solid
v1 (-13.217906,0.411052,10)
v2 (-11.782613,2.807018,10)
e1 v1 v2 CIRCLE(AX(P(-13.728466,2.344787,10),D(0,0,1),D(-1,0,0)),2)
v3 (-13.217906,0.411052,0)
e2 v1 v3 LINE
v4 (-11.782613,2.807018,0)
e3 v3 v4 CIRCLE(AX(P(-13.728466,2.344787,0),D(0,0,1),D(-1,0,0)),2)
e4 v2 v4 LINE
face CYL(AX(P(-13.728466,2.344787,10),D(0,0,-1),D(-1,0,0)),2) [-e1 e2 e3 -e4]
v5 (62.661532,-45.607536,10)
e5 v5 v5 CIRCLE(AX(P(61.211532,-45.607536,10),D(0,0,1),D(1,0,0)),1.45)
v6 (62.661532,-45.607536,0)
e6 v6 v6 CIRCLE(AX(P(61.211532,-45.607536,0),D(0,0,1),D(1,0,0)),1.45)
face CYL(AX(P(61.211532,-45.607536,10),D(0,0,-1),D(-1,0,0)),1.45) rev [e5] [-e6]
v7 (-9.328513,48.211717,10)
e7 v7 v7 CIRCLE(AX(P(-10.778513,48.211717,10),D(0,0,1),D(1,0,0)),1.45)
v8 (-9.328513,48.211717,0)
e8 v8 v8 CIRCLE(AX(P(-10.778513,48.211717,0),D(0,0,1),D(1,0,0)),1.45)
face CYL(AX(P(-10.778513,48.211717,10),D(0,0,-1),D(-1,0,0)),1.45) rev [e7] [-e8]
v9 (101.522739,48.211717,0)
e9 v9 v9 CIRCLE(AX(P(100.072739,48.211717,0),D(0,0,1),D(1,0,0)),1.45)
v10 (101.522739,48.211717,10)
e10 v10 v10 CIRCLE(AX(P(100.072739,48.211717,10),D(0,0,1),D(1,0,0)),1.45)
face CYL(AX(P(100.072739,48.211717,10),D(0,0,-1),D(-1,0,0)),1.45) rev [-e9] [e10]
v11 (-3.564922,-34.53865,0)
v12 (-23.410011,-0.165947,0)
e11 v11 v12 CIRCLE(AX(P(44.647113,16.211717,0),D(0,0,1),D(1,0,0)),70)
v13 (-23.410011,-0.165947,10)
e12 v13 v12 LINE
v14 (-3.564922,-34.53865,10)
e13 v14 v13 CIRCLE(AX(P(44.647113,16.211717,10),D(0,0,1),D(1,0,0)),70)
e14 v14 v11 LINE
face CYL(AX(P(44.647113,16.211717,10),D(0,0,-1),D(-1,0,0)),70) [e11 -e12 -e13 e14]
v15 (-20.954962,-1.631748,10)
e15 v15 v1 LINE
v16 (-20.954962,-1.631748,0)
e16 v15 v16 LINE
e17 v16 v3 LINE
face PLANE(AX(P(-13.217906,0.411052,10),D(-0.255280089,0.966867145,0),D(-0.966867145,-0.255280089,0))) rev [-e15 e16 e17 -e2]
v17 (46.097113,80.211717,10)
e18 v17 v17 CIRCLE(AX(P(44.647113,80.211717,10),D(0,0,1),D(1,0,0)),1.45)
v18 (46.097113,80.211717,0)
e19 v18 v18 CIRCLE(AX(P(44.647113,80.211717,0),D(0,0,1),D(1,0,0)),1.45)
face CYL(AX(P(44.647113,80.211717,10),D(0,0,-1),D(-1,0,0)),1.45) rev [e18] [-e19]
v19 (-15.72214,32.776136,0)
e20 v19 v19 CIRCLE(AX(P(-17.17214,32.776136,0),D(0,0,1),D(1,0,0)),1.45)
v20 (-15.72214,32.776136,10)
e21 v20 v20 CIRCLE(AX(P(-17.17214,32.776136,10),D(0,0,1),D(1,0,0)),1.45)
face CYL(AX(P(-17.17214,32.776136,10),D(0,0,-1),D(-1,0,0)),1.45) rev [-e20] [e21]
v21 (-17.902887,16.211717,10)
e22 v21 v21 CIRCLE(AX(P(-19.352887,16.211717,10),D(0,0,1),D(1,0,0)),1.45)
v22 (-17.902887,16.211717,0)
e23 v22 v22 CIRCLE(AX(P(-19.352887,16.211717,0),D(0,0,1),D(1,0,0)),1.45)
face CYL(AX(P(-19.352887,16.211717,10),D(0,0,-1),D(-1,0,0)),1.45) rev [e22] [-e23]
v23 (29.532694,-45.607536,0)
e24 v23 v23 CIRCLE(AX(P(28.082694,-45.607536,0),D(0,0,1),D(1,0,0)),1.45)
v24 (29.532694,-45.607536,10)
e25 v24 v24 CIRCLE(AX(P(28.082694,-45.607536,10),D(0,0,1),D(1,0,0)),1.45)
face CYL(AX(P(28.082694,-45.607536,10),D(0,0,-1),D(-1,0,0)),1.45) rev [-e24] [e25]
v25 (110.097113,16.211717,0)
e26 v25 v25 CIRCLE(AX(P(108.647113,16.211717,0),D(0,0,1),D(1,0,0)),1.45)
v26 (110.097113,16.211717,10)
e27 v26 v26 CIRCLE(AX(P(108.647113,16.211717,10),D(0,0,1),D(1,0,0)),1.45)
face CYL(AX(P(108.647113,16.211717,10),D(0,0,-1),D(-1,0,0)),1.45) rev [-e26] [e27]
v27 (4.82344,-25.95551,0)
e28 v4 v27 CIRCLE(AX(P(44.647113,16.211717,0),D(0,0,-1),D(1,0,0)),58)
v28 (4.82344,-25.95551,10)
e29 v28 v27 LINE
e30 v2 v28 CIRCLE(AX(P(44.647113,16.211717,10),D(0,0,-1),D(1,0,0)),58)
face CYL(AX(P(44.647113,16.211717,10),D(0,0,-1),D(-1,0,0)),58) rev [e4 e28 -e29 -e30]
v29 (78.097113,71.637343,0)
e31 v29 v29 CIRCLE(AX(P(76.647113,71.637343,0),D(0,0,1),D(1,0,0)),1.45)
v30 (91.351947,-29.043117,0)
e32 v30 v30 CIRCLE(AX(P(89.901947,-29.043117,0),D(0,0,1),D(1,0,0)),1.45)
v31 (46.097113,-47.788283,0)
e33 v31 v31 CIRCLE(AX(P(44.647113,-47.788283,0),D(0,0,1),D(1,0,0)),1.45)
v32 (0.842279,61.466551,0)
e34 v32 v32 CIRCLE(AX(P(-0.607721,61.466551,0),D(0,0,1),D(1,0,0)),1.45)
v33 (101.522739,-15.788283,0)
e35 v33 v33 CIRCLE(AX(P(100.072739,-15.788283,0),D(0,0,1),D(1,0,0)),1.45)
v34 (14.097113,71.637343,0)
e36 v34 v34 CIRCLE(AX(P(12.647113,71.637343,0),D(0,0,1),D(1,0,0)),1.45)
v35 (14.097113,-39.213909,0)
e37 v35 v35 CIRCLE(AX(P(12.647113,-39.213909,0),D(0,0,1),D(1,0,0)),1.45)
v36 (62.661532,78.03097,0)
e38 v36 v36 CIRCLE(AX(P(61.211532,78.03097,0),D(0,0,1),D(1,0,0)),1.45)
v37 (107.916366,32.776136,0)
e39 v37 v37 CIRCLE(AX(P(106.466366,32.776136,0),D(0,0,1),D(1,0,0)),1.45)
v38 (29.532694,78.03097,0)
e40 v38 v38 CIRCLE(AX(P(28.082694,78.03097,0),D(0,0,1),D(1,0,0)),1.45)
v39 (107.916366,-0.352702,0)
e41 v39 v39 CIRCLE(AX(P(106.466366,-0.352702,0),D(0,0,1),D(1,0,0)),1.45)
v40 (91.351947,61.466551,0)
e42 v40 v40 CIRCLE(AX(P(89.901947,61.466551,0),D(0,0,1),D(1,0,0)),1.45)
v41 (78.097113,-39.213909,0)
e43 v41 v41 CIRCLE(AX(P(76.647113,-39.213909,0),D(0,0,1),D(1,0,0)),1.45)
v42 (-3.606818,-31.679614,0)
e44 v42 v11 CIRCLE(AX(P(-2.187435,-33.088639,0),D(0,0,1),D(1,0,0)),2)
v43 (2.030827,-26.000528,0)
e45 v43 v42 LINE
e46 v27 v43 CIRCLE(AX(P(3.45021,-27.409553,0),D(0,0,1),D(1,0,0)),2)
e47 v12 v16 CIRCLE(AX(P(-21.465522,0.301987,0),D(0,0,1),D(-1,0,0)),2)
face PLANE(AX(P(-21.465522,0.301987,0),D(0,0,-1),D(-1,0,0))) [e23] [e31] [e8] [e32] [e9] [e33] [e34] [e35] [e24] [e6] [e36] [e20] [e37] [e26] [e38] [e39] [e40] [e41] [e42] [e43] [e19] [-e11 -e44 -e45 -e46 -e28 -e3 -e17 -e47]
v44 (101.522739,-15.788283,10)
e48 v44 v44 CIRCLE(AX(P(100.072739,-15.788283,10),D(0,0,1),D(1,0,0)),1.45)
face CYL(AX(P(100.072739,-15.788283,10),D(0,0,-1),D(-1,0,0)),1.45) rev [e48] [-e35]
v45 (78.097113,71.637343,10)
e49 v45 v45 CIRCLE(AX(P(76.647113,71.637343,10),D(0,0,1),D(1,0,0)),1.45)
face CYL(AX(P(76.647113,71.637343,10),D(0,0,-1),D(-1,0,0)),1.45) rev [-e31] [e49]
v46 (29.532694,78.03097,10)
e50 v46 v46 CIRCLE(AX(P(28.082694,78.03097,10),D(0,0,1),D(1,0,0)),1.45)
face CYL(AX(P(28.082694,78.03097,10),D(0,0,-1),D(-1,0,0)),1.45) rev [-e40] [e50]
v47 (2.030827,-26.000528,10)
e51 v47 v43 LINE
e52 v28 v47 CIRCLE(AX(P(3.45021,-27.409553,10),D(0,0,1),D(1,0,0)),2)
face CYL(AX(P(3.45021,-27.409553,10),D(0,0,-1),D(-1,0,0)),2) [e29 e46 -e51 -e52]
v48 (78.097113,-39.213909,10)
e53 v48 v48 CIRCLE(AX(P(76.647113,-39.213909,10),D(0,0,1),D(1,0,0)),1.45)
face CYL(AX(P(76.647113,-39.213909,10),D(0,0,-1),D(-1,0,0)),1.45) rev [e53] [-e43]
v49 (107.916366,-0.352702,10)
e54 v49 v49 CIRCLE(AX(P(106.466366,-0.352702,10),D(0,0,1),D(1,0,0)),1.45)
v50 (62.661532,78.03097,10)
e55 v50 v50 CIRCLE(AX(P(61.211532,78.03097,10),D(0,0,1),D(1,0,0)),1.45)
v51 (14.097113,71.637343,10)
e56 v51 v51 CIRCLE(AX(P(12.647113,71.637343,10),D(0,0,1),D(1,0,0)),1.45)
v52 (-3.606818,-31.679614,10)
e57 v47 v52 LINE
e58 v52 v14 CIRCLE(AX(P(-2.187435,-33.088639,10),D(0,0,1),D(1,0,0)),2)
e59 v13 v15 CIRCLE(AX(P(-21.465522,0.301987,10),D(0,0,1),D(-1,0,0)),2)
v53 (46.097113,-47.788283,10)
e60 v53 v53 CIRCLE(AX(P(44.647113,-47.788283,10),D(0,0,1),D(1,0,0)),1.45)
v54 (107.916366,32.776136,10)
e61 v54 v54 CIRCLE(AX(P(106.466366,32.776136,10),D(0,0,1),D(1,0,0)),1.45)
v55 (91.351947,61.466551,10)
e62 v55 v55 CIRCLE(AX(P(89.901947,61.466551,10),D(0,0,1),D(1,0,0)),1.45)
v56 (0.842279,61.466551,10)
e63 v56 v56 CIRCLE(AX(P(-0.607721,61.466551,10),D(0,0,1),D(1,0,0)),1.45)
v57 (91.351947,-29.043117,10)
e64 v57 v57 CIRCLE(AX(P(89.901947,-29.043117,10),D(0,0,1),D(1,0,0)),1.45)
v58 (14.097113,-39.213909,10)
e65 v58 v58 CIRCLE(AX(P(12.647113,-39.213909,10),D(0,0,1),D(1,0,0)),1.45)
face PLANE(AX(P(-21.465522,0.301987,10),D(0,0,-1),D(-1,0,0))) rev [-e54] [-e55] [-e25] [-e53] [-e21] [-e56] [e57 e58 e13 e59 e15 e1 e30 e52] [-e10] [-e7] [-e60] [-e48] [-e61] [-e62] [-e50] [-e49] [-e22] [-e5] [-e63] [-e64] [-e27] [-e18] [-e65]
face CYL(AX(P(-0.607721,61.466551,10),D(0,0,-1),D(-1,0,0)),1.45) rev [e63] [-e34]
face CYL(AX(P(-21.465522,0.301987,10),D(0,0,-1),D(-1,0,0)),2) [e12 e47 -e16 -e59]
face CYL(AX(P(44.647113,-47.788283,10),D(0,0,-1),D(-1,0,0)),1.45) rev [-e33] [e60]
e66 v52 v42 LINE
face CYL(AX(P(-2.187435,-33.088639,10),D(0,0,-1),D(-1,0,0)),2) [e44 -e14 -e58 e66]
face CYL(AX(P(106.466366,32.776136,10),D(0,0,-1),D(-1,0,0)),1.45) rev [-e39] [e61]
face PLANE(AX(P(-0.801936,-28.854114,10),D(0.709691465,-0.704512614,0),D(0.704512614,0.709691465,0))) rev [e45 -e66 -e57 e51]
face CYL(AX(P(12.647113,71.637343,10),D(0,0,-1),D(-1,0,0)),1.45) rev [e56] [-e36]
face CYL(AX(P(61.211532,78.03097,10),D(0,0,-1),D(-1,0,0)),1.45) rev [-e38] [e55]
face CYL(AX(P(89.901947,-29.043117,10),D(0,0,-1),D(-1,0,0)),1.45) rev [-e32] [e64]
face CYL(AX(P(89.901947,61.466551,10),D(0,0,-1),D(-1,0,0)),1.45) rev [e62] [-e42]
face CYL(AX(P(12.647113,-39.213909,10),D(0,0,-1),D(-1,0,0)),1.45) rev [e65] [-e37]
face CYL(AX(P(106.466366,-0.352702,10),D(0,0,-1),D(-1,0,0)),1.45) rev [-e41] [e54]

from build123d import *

# Parameters (mm, degrees)
SKETCH1_R           = 1.450000001
BOSS_EXTRUDE1_DEPTH = 10


with BuildPart() as part:
    # Sketch1 → Boss-Extrude1 (new body)
    with BuildSketch(Plane.XY):
        with BuildLine():
            Line((-13.21790593, 0.411052326), (-17.105565361, -0.61539898))
            Line((-17.105565361, -0.61539898), (-20.954961557, -1.631747717))
            ThreePointArc((-20.954961557, -1.631747717), (-22.49079308, -1.415225897), (-23.410010994, -0.165946667))
            ThreePointArc((-23.410010994, -0.165946667), (105.268891372, 51.211716755), (-3.564921525, -34.53864991))
            ThreePointArc((-3.564921525, -34.53864991), (-4.187220117, -33.11794423), (-3.606817752, -31.679614205))
            Line((-3.606817752, -31.679614205), (-0.801935828, -28.854113678))
            Line((-0.801935828, -28.854113678), (2.030826794, -26.000527503))
            ThreePointArc((2.030826794, -26.000527503), (3.417973795, -25.409812538), (4.823439838, -25.955510416))
            ThreePointArc((4.823439838, -25.955510416), (94.876586526, 45.211716755), (-11.782613467, 2.807017621))
            ThreePointArc((-11.782613467, 2.807017621), (-12.012758263, 1.316999385), (-13.21790593, 0.411052326))
        make_face()
        with Locations((-17.172139776, 32.776135645)):
            Circle(SKETCH1_R, mode=Mode.SUBTRACT)
        with Locations((-10.778512735, 48.211716758)):
            Circle(SKETCH1_R, mode=Mode.SUBTRACT)
        with Locations((-19.352886894, 16.211716758)):
            Circle(SKETCH1_R, mode=Mode.SUBTRACT)
        with Locations((106.466365989, -0.352702128)):
            Circle(SKETCH1_R, mode=Mode.SUBTRACT)
        with Locations((100.07273895, -15.788283242)):
            Circle(SKETCH1_R, mode=Mode.SUBTRACT)
        with Locations((89.901947104, -29.043117238)):
            Circle(SKETCH1_R, mode=Mode.SUBTRACT)
        with Locations((76.647113107, -39.213909086)):
            Circle(SKETCH1_R, mode=Mode.SUBTRACT)
        with Locations((61.211531993, -45.607536126)):
            Circle(SKETCH1_R, mode=Mode.SUBTRACT)
        with Locations((44.647113106, -47.788283244)):
            Circle(SKETCH1_R, mode=Mode.SUBTRACT)
        with Locations((28.082694219, -45.607536126)):
            Circle(SKETCH1_R, mode=Mode.SUBTRACT)
        with Locations((12.647113106, -39.213909086)):
            Circle(SKETCH1_R, mode=Mode.SUBTRACT)
        with Locations((-0.607720889, 61.466550753)):
            Circle(SKETCH1_R, mode=Mode.SUBTRACT)
        with Locations((12.647113108, 71.637342599)):
            Circle(SKETCH1_R, mode=Mode.SUBTRACT)
        with Locations((28.08269422, 78.030969639)):
            Circle(SKETCH1_R, mode=Mode.SUBTRACT)
        with Locations((44.647113106, 80.211716756)):
            Circle(SKETCH1_R, mode=Mode.SUBTRACT)
        with Locations((61.211531992, 78.030969639)):
            Circle(SKETCH1_R, mode=Mode.SUBTRACT)
        with Locations((76.647113105, 71.637342599)):
            Circle(SKETCH1_R, mode=Mode.SUBTRACT)
        with Locations((89.901947102, 61.466550752)):
            Circle(SKETCH1_R, mode=Mode.SUBTRACT)
        with Locations((100.072738948, 48.211716757)):
            Circle(SKETCH1_R, mode=Mode.SUBTRACT)
        with Locations((106.466365989, 32.776135644)):
            Circle(SKETCH1_R, mode=Mode.SUBTRACT)
        with Locations((108.647113106, 16.211716758)):
            Circle(SKETCH1_R, mode=Mode.SUBTRACT)
    extrude(amount=BOSS_EXTRUDE1_DEPTH)


solid = part.part
